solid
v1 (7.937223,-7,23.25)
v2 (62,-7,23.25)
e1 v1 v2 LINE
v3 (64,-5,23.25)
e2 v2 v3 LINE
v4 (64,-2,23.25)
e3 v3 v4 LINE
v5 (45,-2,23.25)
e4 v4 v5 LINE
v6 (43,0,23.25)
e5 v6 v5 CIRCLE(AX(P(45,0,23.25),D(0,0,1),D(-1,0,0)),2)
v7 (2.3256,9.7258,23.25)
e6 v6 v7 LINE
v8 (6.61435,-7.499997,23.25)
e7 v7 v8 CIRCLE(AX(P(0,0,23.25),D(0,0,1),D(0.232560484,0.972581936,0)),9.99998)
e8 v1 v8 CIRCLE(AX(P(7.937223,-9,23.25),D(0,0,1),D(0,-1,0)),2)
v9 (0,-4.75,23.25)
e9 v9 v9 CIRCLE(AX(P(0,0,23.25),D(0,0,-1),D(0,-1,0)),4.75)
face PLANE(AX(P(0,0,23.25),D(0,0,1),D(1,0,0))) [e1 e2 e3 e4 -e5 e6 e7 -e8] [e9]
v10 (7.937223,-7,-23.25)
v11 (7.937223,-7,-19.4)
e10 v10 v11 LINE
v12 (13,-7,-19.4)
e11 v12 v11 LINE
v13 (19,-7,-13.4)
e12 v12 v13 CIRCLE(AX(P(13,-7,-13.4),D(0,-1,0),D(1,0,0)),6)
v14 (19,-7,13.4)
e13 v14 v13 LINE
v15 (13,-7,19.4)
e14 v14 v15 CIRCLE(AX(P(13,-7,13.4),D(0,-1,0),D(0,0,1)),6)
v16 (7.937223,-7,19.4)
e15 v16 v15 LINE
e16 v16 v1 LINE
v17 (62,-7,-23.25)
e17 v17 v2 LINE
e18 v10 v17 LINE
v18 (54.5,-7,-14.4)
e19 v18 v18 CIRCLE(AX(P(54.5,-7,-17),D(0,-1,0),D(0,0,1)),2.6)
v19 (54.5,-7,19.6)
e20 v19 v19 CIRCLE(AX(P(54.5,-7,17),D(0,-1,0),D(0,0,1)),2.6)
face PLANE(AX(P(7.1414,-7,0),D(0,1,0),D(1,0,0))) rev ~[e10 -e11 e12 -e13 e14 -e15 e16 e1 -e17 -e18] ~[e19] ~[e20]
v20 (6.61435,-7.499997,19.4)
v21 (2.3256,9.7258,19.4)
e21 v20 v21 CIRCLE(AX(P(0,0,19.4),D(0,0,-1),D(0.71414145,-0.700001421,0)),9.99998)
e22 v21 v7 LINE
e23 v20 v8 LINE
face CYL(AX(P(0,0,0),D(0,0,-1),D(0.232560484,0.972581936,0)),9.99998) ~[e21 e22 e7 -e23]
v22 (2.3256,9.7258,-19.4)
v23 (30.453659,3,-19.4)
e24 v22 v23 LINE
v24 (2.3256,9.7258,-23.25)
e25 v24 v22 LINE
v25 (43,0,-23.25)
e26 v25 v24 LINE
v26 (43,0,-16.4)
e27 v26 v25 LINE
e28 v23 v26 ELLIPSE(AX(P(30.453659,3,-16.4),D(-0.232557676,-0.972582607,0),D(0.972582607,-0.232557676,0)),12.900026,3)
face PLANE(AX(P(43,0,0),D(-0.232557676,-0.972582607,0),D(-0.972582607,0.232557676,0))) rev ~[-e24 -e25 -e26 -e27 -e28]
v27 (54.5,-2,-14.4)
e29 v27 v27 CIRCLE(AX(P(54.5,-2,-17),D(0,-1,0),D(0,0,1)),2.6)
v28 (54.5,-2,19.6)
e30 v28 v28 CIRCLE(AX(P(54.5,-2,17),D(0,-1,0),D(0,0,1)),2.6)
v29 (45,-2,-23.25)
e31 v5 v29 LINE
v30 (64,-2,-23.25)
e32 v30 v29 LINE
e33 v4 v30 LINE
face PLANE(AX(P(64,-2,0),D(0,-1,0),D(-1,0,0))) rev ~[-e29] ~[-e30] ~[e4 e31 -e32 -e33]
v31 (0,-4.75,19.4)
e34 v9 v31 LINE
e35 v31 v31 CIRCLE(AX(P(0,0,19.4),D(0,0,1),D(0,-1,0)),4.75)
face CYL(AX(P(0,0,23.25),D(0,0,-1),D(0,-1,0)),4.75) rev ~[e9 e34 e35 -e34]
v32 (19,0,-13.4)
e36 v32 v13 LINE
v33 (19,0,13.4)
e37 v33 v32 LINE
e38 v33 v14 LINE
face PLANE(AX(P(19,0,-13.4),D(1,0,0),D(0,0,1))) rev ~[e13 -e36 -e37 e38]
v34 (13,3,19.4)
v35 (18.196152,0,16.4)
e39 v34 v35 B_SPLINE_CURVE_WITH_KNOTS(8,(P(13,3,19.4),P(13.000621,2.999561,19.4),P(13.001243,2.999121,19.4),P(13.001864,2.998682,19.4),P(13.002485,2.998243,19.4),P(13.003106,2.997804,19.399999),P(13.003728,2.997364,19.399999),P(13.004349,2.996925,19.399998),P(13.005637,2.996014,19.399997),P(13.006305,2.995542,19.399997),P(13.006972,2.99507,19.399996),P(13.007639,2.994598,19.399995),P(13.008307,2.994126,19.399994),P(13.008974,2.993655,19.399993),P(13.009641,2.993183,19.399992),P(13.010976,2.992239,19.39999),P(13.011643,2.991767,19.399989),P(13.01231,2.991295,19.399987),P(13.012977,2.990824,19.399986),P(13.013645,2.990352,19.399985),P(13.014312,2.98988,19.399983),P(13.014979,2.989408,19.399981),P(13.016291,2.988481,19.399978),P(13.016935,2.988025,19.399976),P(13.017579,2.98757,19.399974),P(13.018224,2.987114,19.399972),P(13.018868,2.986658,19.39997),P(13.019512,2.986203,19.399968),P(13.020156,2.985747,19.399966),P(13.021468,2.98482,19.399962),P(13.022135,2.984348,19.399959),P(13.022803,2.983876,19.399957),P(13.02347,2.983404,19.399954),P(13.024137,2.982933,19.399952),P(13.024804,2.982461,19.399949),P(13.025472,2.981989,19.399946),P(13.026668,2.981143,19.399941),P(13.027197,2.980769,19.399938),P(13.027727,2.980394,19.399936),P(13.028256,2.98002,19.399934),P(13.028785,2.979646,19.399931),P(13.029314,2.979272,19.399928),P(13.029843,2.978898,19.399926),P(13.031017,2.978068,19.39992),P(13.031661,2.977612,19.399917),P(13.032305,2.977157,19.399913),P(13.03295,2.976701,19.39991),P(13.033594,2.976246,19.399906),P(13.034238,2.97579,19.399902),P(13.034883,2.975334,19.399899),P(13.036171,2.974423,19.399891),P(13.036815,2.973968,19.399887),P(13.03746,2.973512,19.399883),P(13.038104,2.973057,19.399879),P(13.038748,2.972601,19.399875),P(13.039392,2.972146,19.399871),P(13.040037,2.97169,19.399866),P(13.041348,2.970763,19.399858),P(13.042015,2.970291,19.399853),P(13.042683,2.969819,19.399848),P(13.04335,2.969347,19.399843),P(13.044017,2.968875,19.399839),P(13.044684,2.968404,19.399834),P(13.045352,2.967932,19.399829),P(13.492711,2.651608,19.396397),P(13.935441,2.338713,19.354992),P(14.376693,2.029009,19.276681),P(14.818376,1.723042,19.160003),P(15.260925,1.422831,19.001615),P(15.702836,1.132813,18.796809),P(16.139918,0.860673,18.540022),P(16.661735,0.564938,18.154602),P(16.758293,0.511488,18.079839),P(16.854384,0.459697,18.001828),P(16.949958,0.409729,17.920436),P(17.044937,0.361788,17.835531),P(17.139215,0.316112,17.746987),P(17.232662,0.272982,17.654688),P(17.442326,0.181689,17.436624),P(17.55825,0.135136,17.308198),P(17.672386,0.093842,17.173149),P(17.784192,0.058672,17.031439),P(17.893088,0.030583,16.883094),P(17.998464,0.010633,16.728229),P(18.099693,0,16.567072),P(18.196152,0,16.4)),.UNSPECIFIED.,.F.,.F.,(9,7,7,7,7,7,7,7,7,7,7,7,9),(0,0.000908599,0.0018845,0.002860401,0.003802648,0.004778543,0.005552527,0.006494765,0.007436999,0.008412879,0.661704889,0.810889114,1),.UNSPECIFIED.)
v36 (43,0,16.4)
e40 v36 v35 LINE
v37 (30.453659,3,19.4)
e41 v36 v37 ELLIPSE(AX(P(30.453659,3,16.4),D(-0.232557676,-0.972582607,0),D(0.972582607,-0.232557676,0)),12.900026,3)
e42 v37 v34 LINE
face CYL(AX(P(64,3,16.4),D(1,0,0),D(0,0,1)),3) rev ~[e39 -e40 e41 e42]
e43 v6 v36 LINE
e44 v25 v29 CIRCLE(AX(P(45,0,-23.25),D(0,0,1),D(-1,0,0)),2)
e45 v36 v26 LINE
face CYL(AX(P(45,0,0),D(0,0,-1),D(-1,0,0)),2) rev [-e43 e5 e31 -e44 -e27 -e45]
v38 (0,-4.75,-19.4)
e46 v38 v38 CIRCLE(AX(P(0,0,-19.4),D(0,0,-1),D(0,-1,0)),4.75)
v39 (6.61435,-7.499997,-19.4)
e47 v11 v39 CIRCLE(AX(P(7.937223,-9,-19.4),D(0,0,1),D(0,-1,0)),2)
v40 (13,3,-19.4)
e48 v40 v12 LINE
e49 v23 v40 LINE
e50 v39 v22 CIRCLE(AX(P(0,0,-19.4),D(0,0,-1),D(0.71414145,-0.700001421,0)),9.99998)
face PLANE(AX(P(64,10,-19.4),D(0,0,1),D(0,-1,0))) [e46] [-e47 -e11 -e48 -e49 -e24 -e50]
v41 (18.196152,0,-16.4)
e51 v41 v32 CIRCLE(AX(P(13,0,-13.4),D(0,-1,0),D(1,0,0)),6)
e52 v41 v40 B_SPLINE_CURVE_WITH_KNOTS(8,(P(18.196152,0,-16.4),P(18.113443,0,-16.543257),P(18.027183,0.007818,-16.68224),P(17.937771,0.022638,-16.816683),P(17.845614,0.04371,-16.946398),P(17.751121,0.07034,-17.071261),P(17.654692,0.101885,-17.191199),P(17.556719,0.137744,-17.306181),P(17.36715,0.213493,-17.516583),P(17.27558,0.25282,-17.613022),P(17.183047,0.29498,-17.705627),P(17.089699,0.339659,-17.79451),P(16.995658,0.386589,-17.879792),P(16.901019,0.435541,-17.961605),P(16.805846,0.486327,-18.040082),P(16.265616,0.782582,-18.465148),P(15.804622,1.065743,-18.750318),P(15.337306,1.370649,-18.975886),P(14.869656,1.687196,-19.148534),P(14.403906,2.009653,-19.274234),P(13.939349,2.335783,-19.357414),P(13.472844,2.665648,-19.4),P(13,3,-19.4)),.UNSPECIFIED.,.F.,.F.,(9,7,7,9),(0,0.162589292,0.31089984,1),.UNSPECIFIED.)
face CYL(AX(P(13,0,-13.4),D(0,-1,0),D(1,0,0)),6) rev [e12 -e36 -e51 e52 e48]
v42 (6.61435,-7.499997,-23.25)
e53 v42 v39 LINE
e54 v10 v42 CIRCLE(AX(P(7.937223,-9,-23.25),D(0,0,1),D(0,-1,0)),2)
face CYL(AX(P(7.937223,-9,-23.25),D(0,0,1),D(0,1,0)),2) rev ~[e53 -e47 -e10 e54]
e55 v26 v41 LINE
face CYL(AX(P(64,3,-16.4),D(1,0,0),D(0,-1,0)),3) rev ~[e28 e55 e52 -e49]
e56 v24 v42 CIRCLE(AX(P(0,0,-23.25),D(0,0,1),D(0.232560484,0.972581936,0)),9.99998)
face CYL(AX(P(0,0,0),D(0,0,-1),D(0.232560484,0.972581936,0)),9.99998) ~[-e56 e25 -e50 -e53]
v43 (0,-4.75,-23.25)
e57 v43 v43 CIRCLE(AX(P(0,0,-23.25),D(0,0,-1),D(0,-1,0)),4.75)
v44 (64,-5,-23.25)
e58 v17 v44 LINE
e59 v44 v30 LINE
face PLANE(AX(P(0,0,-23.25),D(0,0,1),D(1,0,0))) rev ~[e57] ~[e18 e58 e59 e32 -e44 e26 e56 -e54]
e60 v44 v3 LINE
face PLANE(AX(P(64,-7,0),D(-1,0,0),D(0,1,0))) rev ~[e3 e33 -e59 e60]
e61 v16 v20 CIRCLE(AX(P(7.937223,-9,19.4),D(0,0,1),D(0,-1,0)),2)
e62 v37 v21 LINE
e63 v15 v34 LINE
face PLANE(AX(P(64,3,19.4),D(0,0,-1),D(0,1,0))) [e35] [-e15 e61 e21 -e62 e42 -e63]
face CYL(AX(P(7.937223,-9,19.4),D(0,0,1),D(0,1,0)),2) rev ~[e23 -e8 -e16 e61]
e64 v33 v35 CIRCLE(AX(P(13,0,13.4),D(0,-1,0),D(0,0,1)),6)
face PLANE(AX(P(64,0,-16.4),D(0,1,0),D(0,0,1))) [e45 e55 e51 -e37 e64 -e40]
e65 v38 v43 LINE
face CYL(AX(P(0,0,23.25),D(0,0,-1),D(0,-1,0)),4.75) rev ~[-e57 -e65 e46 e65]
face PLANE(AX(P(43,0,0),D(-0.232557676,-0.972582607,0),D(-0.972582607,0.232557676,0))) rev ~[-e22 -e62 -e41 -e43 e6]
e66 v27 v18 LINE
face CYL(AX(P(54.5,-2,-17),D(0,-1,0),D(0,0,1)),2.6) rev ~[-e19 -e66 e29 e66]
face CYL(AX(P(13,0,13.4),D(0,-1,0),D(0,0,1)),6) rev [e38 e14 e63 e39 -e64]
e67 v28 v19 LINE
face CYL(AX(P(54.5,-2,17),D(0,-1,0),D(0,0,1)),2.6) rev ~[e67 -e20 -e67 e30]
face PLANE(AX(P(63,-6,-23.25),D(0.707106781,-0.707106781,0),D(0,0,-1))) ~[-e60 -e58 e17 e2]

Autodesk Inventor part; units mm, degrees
ref_plane "YZ Plane" through (0, 0, 0) normal (1, 0, 0) x (0, 1, 0)
ref_plane "XZ Plane" through (0, 0, 0) normal (0, 1, 0) x (-1, 0, 0)
ref_plane "XY Plane" through (0, 0, 0) normal (0, 0, 1) x (1, 0, 0)
sketch "Sketch1" plane through (0, 0, 0) normal (0, 0, 1) x (1, 0, 0)
  arc A0 (2.3256, 9.7258) -> (7.1414, -7) centre (0, 0) ccw
  line L0 (7.1414, -7) -> (64, -7)
  line L1 (64, -7) -> (64, -2)
  line L2 (64, -2) -> (45, -2)
  arc A1 (43, 0) -> (45, -2) centre (45, 0) ccw
  line L3 (43, 0) -> (2.3256, 9.7258)
  dimension "d0" = 20
  dimension "d1" = 21
  dimension "d2" = 64
  dimension "d3" = 5
  dimension "d4" = 2
  dimension "d5" = 7
extrude "Extrusion1" add sketch "Sketch1" along normal mid plane 46.5
sketch "Sketch2" plane through (0, 0, 23.25) normal (0, 0, 1) x (1, 0, 0)
  arc A0 (2.3256, 9.7258) -> (7.1414, -7) centre (0, 0) ccw projected
hole "Hole1" at (0, 0, 23.25) direction (0, 0, -1) diameter 9.5 depth 46.5
sketch "Sketch4" plane through (64, -7, 23.25) normal (1, 0, 0) x (0, 0, -1)
  line L0 (46.5, 17) -> (0, 17) projected
  line L1 (46.5, 7) -> (0, 7) projected
  line L2 (3.85, 17) -> (42.65, 17)
  line L3 (42.65, 17) -> (42.65, 10)
  line L4 (39.65, 7) -> (6.85, 7)
  line L5 (3.85, 10) -> (3.85, 17)
  arc A0 (3.85, 10) -> (6.85, 7) centre (6.85, 10) ccw
  arc A1 (39.65, 7) -> (42.65, 10) centre (39.65, 10) ccw
  point P0 (23.25, 7)
  point P1 (23.25, 7)
  dimension "d20" = 38.8
  dimension "d21" = 3
extrude "Extrusion3" cut sketch "Sketch4" against normal up to next
sketch "Sketch6" plane through (0, 0, 0) normal (0, 1, 0) x (-1, 0, 0)
  line L0 (10, 16.4) -> (10, -16.4) projected
  line L1 (-2.3256, -19.4) -> (-30.4537, -19.4) projected
  line L2 (-30.4537, 19.4) -> (-2.3256, 19.4) projected
  line L3 (10, -19.4) -> (-13, -19.4)
  line L4 (-19, -13.4) -> (-19, 13.4)
  line L5 (-13, 19.4) -> (10, 19.4)
  line L6 (10, 19.4) -> (10, -19.4)
  arc A0 (-19, -13.4) -> (-13, -19.4) centre (-13, -13.4) ccw
  arc A1 (-13, 19.4) -> (-19, 13.4) centre (-13, 13.4) ccw
  point P0 (0, 0)
  point P1 (-19, -19.4)
  point P2 (10, 0)
  point P3 (-13, -19.4)
  point P4 (-2.3256, 19.4)
  point P5 (-13, 19.4)
  dimension "d24" = 38.8
  dimension "d26" = 6
  dimension "d29" = 19
extrude "Extrusion4" cut sketch "Sketch6" along normal through all both and the other way through all
sketch "Sketch7" plane through (45, -2, 23.25) normal (0, 1, 0) x (1, 0, 0)
  line L0 (19, 46.5) -> (19, 0) projected
  line L1 (9.5, 40.25) -> (9.5, 6.25) construction
  line L2 (19, 46.5) -> (19, 0) construction
  point P0 (-45, 23.25)
  point P1 (9.5, 23.25)
  dimension "d31" = 34
  dimension "d33" = 9.5
hole "Hole2" at (54.5, -2, 17) at (54.5, -2, -17) direction (0, -1, 0) diameter 5.2 end through all
chamfer "Chamfer1" distance 2 angle 45 1 edges at (64, -7, 0)
fillet "Fillet1" radius 2 2 edges at (7.1414, -7, 21.325) (7.1414, -7, -21.325)
properties material "Stainless Steel"
